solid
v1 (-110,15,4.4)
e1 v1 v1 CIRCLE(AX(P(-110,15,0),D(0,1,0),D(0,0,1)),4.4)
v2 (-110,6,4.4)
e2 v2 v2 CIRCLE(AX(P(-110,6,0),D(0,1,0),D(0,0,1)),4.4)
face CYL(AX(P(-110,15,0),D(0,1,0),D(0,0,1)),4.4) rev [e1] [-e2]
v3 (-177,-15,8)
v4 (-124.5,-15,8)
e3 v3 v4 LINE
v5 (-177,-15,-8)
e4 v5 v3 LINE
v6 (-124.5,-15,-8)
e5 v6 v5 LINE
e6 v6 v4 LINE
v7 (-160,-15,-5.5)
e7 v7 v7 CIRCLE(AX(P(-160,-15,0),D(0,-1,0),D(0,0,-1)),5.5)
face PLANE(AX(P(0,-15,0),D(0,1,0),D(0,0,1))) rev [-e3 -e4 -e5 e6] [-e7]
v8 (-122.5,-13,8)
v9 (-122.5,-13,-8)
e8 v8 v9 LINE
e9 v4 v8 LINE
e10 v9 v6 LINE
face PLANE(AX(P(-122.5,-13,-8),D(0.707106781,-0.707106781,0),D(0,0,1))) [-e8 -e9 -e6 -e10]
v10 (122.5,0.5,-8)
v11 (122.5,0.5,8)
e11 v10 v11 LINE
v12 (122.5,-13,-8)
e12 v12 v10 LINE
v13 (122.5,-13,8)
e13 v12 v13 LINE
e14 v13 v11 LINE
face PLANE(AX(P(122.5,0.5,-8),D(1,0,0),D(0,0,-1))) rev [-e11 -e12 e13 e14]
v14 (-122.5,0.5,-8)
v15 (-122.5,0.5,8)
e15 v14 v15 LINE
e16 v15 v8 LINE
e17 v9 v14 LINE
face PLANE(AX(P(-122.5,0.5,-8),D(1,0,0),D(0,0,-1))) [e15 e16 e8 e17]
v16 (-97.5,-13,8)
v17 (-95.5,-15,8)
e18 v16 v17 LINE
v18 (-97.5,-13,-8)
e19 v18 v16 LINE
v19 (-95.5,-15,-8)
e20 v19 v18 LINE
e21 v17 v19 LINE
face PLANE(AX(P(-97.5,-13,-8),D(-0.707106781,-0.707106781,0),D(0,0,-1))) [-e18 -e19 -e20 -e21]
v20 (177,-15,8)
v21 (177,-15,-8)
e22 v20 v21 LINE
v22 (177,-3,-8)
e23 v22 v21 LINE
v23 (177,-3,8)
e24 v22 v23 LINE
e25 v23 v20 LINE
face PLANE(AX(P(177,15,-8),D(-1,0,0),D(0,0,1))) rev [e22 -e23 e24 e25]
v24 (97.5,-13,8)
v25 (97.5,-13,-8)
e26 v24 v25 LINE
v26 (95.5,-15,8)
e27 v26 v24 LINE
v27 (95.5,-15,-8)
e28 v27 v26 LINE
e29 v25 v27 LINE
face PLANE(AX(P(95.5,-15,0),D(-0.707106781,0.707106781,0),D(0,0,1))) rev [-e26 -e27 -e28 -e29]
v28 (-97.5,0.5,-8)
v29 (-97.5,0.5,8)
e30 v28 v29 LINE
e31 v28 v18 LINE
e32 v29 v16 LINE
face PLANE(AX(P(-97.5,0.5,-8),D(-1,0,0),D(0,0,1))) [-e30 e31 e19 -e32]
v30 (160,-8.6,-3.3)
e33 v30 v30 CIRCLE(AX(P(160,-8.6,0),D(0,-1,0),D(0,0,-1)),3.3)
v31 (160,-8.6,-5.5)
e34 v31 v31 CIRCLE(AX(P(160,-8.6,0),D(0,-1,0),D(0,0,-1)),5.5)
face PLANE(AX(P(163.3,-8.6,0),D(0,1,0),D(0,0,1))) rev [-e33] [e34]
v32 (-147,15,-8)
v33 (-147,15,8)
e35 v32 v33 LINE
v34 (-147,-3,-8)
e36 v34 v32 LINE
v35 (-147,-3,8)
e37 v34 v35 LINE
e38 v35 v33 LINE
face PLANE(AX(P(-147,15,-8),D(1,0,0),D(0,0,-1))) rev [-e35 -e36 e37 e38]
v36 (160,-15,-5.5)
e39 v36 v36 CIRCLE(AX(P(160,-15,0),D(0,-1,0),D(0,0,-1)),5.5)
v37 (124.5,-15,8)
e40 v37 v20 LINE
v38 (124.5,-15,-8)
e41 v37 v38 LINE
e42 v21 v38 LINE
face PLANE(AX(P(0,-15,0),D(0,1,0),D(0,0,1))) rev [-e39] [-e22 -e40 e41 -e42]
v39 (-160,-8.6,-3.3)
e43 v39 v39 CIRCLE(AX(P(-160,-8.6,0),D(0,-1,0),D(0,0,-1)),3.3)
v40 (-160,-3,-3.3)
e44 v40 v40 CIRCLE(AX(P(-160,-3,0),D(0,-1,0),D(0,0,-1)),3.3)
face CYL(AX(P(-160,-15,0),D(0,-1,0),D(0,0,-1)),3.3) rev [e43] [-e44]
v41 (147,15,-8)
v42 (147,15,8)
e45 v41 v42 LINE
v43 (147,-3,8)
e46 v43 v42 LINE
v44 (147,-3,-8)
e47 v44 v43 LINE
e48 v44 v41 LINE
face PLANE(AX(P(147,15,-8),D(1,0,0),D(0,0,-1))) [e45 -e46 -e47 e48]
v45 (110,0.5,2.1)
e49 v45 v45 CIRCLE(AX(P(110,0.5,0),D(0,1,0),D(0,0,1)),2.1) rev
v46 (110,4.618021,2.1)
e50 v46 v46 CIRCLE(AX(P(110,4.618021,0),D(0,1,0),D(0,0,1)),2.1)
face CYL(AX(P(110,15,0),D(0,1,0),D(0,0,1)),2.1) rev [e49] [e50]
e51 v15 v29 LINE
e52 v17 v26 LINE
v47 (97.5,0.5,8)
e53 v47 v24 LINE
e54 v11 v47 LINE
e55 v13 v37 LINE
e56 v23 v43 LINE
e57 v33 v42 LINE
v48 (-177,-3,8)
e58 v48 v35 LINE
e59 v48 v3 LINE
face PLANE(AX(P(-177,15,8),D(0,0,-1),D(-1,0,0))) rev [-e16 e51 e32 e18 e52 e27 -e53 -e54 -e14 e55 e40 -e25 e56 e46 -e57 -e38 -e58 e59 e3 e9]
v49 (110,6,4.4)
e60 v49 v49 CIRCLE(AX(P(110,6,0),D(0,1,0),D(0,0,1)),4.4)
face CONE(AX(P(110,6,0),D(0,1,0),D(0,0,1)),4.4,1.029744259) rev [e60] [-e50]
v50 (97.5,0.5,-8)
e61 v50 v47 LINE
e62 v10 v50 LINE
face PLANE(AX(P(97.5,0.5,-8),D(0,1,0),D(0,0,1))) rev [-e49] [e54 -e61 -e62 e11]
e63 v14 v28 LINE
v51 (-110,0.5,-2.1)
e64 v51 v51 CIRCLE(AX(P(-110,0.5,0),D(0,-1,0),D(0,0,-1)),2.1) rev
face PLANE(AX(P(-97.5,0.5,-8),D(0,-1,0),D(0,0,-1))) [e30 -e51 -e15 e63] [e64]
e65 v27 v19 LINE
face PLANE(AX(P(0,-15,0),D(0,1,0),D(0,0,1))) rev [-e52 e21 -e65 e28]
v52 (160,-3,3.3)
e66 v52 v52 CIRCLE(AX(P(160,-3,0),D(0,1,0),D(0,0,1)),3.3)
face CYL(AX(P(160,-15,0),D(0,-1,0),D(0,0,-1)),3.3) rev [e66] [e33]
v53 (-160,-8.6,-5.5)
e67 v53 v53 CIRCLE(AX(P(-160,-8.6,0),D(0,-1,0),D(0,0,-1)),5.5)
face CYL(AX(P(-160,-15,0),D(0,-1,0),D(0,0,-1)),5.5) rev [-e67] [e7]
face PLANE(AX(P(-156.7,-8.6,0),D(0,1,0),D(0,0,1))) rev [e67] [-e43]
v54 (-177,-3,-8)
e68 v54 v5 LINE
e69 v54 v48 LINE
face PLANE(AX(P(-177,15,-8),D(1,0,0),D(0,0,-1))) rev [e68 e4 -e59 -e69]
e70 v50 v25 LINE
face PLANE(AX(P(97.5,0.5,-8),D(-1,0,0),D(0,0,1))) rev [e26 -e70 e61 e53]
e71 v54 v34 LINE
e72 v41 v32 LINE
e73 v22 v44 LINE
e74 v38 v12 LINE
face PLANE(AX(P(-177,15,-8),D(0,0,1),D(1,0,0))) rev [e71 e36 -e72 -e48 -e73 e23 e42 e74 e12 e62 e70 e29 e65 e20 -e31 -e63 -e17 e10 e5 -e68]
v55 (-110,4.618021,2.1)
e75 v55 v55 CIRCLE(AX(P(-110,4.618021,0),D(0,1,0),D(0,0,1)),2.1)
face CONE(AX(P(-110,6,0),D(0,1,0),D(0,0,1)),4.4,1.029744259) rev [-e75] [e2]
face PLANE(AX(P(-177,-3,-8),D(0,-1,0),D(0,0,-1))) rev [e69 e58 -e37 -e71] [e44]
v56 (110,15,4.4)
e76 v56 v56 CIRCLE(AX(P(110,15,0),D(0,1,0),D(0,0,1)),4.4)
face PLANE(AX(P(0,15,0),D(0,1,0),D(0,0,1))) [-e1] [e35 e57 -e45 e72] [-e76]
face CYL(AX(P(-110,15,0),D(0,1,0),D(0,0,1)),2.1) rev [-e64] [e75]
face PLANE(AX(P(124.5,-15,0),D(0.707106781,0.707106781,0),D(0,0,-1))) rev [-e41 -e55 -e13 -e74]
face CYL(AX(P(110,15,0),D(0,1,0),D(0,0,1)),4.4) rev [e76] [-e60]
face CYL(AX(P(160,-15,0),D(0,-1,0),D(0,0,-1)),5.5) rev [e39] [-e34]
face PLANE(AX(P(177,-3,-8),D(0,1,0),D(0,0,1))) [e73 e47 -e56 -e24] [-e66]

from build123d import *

# Parameters (mm, degrees)
SKETCH1_W                                           = 354
SKETCH1_H                                           = 16
BOSS_EXTRUDE1_DEPTH                                 = 15
M5_TAPPED_HOLE1_D                                   = 4.2
SKETCH7_W                                           = 25
SKETCH7_H                                           = 27.047818694
CUT_EXTRUDE2_DEPTH                                  = 179.353581405
CHAMFER1_SIZE                                       = 2
CHAMFER1_OF_MIRROR1_SIZE                            = 2
G1_8_TAPPED_HOLE1_D                                 = 8.8
G1_8_TAPPED_HOLE1_DEPTH                             = 9
G1_8_TAPPED_HOLE1_TIP                               = 2.643786724
SKETCH10_W                                          = 30
SKETCH10_H                                          = 18
CUT_EXTRUDE3_DEPTH                                  = 179.353581405
CBORE_FOR_M6_HEX_SOCKET_HEAD_CAP_SCREW1_D           = 6.6
CBORE_FOR_M6_HEX_SOCKET_HEAD_CAP_SCREW1_CBORE_D     = 11
CBORE_FOR_M6_HEX_SOCKET_HEAD_CAP_SCREW1_CBORE_DEPTH = 6.4


with BuildPart() as part:
    # Sketch1 → Boss-Extrude1 (new, symmetric)
    with BuildSketch(Plane(origin=(0, 0, 0), x_dir=(1, 0, 0), z_dir=(0, 1, 0))):
        Rectangle(SKETCH1_W, SKETCH1_H)
    extrude(amount=BOSS_EXTRUDE1_DEPTH, both=True)

    # M5 Tapped Hole1 (through all)
    with Locations(Plane(origin=(0, 15, 0), x_dir=(1, 0, 0), z_dir=(0, 1, 0))):
        with Locations((-110, 0), (110, 0)):
            Hole(M5_TAPPED_HOLE1_D / 2)

    # Sketch7 → Cut-Extrude2 (cut, through all)
    with BuildSketch(Plane.XY.offset(8)):
        with Locations((110, -13.023909347)):
            Rectangle(SKETCH7_W, SKETCH7_H)
    cut_extrude2 = extrude(amount=-CUT_EXTRUDE2_DEPTH, mode=Mode.SUBTRACT)

    # Chamfer1
    chamfer1_edges = [part.edges().sort_by_distance(p)[0] for p in [
        (122.5, -15, 0),
        (97.5, -15, 0),
    ]]
    chamfer(chamfer1_edges, length=CHAMFER1_SIZE)

    # Mirror1: Cut-Extrude2 across plane
    add(cut_extrude2.mirror(Plane(origin=(0, 0, 0), x_dir=(0, 0, 1), z_dir=(1, 0, 0))), mode=Mode.SUBTRACT)

    # Chamfer1 of Mirror1
    chamfer1_of_mirror1_edges = [part.edges().sort_by_distance(p)[0] for p in [
        (-122.5, -15, 0),
        (-97.5, -15, 0),
    ]]
    chamfer(chamfer1_of_mirror1_edges, length=CHAMFER1_OF_MIRROR1_SIZE)

    # G1/8 Tapped Hole1
    with Locations(Plane(origin=(0, 15, 0), x_dir=(1, 0, 0), z_dir=(0, 1, 0))):
        with Locations((-110, 0), (110, 0)):
            Hole(G1_8_TAPPED_HOLE1_D / 2, depth=G1_8_TAPPED_HOLE1_DEPTH)
            with Locations((0, 0, -(G1_8_TAPPED_HOLE1_DEPTH + G1_8_TAPPED_HOLE1_TIP / 2))):  # 118° drill point
                Cone(0, G1_8_TAPPED_HOLE1_D / 2, G1_8_TAPPED_HOLE1_TIP, mode=Mode.SUBTRACT)

    # Sketch10 → Cut-Extrude3 (cut, through all)
    with BuildSketch(Plane.XY.offset(8)):
        with Locations((-162, 6)):
            Rectangle(SKETCH10_W, SKETCH10_H)
    cut_extrude3 = extrude(amount=-CUT_EXTRUDE3_DEPTH, mode=Mode.SUBTRACT)

    # Mirror2: Cut-Extrude3 across plane
    add(cut_extrude3.mirror(Plane(origin=(0, 0, 0), x_dir=(0, 0, 1), z_dir=(1, 0, 0))), mode=Mode.SUBTRACT)

    # CBORE for M6 Hex Socket Head Cap Screw1 (through all)
    with Locations(Plane(origin=(0, -15, 0), x_dir=(-1, 0, 0), z_dir=(0, -1, 0))):
        with Locations((-160, 0), (160, 0)):
            CounterBoreHole(CBORE_FOR_M6_HEX_SOCKET_HEAD_CAP_SCREW1_D / 2, CBORE_FOR_M6_HEX_SOCKET_HEAD_CAP_SCREW1_CBORE_D / 2, CBORE_FOR_M6_HEX_SOCKET_HEAD_CAP_SCREW1_CBORE_DEPTH)


solid = part.part
